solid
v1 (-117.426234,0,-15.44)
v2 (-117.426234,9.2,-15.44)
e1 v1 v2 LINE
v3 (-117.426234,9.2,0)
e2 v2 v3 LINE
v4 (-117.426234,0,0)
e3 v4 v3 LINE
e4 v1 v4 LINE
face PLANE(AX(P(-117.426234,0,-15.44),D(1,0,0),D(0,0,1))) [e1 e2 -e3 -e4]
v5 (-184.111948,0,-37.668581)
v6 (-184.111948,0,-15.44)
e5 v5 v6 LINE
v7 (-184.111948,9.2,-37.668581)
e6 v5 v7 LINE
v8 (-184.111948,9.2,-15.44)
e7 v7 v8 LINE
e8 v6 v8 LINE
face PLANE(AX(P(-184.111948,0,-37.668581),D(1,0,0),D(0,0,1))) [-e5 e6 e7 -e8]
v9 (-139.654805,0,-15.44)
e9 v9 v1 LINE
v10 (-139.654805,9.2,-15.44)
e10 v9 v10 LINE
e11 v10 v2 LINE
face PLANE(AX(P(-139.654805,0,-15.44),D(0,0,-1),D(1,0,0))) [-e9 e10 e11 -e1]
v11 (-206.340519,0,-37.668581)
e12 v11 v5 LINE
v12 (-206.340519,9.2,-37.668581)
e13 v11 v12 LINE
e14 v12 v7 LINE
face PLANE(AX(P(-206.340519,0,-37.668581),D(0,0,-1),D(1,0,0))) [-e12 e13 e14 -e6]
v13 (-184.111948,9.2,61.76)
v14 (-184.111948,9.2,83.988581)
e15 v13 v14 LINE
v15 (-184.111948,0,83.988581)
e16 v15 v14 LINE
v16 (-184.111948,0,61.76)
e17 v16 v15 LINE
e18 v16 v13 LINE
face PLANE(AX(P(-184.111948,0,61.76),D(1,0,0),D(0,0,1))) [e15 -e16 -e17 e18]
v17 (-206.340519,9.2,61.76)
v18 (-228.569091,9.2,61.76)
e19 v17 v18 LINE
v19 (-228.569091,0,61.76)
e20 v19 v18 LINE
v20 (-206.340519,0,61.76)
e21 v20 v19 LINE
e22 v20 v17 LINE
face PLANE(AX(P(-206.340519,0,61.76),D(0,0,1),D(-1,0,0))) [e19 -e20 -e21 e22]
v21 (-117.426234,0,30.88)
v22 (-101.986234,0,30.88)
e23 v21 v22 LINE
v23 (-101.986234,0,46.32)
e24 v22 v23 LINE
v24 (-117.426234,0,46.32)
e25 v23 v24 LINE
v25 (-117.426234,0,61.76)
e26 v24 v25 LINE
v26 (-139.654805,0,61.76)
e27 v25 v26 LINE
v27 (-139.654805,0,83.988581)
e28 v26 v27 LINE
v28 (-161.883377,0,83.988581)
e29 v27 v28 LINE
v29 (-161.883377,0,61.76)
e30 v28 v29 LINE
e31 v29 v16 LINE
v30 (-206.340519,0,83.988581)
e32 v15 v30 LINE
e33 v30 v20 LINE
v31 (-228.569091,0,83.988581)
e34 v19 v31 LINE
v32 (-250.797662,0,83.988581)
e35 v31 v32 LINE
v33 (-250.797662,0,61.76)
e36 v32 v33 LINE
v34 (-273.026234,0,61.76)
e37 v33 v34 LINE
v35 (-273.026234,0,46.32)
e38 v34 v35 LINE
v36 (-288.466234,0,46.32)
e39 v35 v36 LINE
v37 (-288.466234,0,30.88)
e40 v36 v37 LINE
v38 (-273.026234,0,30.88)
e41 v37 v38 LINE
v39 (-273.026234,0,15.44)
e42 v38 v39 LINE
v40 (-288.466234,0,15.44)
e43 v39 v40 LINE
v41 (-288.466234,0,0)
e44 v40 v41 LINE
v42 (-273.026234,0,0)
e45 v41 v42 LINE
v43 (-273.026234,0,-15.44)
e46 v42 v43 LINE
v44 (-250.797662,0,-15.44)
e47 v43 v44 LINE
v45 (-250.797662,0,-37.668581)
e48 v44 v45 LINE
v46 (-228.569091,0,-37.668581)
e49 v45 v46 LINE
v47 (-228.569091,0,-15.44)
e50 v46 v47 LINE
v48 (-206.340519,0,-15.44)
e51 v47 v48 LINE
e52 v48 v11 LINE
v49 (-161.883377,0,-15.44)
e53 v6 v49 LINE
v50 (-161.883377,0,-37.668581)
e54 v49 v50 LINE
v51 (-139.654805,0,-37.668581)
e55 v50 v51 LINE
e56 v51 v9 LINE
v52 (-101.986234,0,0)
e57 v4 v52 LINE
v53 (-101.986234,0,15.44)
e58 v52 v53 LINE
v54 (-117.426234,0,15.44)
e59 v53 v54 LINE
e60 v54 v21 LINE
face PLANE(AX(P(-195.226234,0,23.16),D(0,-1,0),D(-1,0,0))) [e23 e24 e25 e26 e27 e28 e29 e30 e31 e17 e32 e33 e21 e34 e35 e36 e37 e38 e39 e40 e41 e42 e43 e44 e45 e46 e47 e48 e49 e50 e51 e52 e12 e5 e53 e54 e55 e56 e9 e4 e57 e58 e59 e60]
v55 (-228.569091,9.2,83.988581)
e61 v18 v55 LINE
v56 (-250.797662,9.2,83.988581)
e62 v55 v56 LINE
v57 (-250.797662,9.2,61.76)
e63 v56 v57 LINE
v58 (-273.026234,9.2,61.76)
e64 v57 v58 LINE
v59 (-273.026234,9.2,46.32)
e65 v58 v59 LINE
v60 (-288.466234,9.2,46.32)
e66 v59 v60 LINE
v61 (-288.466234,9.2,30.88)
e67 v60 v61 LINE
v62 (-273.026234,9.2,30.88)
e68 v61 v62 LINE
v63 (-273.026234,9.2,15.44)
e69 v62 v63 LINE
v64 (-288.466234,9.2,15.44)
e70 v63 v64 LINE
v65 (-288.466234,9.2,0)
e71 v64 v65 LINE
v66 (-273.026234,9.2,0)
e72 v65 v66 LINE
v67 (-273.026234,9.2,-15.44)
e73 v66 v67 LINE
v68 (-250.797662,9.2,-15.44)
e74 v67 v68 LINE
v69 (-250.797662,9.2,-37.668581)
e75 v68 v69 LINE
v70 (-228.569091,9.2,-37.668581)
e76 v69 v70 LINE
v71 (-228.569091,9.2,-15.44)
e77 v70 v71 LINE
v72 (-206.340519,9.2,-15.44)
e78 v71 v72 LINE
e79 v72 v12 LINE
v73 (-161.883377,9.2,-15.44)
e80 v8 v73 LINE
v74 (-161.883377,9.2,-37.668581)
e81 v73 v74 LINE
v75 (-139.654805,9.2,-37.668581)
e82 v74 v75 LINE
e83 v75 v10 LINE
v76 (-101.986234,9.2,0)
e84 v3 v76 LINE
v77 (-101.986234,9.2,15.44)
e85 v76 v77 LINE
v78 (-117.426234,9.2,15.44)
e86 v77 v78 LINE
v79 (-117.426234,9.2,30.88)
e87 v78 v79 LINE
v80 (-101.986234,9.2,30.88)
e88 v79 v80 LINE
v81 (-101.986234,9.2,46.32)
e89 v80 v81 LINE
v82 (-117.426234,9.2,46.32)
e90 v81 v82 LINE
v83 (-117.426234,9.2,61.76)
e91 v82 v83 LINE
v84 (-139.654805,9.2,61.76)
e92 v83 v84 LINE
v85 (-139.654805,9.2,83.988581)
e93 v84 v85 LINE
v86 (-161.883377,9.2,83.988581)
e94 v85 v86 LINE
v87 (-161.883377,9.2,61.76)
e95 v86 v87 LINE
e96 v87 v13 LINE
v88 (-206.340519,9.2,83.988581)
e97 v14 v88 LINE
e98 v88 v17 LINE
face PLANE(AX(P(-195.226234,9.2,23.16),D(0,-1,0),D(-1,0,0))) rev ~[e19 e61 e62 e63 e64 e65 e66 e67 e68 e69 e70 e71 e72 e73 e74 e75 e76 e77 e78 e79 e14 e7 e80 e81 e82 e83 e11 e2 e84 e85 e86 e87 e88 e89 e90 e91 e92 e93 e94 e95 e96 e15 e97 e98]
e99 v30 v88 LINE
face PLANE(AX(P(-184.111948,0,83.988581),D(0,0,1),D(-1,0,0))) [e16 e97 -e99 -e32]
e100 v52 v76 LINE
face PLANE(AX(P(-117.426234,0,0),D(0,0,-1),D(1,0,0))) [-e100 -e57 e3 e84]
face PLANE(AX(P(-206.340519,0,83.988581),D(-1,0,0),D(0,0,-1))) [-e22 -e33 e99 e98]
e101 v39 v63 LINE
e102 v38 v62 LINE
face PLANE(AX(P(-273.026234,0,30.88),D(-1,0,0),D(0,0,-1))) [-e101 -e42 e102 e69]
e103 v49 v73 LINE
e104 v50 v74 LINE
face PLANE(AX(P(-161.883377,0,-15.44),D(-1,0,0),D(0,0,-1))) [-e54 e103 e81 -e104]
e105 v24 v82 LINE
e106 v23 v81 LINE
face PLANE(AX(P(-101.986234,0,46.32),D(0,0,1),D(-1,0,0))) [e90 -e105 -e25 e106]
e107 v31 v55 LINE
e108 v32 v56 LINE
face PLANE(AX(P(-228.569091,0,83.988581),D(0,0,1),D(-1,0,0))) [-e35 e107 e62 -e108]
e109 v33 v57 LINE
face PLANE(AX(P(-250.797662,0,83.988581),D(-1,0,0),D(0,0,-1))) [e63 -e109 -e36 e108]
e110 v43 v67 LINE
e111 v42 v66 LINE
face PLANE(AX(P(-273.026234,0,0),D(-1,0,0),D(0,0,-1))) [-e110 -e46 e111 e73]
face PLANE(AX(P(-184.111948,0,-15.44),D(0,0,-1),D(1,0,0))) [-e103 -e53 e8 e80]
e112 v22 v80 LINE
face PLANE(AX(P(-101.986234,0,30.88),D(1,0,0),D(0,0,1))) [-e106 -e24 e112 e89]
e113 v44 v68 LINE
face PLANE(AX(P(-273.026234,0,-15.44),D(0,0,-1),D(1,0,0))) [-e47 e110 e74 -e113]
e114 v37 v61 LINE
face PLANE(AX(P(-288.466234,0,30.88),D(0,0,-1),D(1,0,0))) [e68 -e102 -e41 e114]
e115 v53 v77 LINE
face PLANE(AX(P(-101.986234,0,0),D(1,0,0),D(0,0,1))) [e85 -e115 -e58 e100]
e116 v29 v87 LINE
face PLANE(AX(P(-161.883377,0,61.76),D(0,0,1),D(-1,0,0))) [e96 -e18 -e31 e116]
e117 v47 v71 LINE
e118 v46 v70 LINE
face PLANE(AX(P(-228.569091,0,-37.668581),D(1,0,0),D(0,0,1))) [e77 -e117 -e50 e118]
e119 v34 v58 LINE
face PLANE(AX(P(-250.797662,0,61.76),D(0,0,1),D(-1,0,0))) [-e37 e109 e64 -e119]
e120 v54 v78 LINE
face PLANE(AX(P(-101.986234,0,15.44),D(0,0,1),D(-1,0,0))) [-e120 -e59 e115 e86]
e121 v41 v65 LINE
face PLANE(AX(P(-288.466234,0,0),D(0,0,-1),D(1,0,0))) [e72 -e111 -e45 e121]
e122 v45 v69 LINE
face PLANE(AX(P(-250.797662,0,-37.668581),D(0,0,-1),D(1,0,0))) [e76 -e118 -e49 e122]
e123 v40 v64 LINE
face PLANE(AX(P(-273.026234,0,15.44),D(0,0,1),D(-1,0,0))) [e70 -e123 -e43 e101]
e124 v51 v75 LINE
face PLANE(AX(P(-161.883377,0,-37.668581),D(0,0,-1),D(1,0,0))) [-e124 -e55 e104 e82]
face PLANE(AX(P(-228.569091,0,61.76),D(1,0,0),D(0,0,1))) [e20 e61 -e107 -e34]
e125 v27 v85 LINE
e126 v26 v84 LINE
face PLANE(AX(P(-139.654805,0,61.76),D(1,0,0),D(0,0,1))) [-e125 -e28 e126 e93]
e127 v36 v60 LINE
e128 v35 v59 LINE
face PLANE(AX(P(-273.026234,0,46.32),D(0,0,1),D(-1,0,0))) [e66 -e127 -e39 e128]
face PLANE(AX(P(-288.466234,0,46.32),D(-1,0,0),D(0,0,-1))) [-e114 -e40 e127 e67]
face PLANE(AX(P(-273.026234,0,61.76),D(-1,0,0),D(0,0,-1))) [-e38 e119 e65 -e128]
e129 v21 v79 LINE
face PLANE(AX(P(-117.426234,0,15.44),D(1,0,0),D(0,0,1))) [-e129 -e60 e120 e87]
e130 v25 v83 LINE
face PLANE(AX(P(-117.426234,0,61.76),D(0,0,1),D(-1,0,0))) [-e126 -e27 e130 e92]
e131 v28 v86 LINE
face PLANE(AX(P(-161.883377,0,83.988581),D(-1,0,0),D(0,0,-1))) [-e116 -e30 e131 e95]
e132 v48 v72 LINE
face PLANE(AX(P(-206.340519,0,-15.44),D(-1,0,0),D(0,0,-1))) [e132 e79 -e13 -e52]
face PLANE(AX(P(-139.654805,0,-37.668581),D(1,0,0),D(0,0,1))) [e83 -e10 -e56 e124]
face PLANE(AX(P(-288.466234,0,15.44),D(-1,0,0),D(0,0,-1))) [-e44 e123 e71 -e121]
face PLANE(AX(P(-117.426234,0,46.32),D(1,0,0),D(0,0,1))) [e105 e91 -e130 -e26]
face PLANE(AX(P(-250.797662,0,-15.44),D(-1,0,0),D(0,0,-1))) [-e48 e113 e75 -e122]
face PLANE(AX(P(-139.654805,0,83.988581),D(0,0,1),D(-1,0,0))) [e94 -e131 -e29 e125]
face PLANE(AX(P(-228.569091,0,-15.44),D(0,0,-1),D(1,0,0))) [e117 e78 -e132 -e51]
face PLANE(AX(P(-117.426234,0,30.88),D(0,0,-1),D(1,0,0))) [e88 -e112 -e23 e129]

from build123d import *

# Parameters (mm, degrees)
BOSS_EXTRUDE1_DEPTH = 9.2


with BuildPart() as part:
    # Sketch3 → Boss-Extrude1 (new body)
    with BuildSketch(Plane(origin=(0, 0, 0), x_dir=(1, 0, 0), z_dir=(0, 1, 0))):
        Polygon((-273.026233767, 15.44), (-250.797662338, 15.44), (-250.797662338, 37.6685814), (-228.569090909, 37.6685814), (-228.569090909, 15.44), (-206.340519481, 15.44), (-206.340519481, 37.6685814), (-184.111948052, 37.6685814), (-184.111948052, 15.44), (-161.883376624, 15.44), (-161.883376624, 37.6685814), (-139.654805195, 37.6685814), (-139.654805195, 15.44), (-117.426233766, 15.44), (-117.426233766, 0), (-101.986233766, 0), (-101.986233766, -15.44), (-117.426233766, -15.44), (-117.426233766, -30.88), (-101.986233766, -30.88), (-101.986233766, -46.32), (-117.426233766, -46.32), (-117.426233766, -61.76), (-139.654805195, -61.76), (-139.654805195, -83.9885814), (-161.883376624, -83.9885814), (-161.883376624, -61.76), (-184.111948052, -61.76), (-184.111948052, -83.9885814), (-206.340519481, -83.9885814), (-206.340519481, -61.76), (-228.569090909, -61.76), (-228.569090909, -83.9885814), (-250.797662338, -83.9885814), (-250.797662338, -61.76), (-273.026233767, -61.76), (-273.026233767, -46.32), (-288.466233767, -46.32), (-288.466233767, -30.88), (-273.026233767, -30.88), (-273.026233767, -15.44), (-288.466233767, -15.44), (-288.466233767, 0), (-273.026233767, 0), align=None)
    extrude(amount=BOSS_EXTRUDE1_DEPTH)


solid = part.part
